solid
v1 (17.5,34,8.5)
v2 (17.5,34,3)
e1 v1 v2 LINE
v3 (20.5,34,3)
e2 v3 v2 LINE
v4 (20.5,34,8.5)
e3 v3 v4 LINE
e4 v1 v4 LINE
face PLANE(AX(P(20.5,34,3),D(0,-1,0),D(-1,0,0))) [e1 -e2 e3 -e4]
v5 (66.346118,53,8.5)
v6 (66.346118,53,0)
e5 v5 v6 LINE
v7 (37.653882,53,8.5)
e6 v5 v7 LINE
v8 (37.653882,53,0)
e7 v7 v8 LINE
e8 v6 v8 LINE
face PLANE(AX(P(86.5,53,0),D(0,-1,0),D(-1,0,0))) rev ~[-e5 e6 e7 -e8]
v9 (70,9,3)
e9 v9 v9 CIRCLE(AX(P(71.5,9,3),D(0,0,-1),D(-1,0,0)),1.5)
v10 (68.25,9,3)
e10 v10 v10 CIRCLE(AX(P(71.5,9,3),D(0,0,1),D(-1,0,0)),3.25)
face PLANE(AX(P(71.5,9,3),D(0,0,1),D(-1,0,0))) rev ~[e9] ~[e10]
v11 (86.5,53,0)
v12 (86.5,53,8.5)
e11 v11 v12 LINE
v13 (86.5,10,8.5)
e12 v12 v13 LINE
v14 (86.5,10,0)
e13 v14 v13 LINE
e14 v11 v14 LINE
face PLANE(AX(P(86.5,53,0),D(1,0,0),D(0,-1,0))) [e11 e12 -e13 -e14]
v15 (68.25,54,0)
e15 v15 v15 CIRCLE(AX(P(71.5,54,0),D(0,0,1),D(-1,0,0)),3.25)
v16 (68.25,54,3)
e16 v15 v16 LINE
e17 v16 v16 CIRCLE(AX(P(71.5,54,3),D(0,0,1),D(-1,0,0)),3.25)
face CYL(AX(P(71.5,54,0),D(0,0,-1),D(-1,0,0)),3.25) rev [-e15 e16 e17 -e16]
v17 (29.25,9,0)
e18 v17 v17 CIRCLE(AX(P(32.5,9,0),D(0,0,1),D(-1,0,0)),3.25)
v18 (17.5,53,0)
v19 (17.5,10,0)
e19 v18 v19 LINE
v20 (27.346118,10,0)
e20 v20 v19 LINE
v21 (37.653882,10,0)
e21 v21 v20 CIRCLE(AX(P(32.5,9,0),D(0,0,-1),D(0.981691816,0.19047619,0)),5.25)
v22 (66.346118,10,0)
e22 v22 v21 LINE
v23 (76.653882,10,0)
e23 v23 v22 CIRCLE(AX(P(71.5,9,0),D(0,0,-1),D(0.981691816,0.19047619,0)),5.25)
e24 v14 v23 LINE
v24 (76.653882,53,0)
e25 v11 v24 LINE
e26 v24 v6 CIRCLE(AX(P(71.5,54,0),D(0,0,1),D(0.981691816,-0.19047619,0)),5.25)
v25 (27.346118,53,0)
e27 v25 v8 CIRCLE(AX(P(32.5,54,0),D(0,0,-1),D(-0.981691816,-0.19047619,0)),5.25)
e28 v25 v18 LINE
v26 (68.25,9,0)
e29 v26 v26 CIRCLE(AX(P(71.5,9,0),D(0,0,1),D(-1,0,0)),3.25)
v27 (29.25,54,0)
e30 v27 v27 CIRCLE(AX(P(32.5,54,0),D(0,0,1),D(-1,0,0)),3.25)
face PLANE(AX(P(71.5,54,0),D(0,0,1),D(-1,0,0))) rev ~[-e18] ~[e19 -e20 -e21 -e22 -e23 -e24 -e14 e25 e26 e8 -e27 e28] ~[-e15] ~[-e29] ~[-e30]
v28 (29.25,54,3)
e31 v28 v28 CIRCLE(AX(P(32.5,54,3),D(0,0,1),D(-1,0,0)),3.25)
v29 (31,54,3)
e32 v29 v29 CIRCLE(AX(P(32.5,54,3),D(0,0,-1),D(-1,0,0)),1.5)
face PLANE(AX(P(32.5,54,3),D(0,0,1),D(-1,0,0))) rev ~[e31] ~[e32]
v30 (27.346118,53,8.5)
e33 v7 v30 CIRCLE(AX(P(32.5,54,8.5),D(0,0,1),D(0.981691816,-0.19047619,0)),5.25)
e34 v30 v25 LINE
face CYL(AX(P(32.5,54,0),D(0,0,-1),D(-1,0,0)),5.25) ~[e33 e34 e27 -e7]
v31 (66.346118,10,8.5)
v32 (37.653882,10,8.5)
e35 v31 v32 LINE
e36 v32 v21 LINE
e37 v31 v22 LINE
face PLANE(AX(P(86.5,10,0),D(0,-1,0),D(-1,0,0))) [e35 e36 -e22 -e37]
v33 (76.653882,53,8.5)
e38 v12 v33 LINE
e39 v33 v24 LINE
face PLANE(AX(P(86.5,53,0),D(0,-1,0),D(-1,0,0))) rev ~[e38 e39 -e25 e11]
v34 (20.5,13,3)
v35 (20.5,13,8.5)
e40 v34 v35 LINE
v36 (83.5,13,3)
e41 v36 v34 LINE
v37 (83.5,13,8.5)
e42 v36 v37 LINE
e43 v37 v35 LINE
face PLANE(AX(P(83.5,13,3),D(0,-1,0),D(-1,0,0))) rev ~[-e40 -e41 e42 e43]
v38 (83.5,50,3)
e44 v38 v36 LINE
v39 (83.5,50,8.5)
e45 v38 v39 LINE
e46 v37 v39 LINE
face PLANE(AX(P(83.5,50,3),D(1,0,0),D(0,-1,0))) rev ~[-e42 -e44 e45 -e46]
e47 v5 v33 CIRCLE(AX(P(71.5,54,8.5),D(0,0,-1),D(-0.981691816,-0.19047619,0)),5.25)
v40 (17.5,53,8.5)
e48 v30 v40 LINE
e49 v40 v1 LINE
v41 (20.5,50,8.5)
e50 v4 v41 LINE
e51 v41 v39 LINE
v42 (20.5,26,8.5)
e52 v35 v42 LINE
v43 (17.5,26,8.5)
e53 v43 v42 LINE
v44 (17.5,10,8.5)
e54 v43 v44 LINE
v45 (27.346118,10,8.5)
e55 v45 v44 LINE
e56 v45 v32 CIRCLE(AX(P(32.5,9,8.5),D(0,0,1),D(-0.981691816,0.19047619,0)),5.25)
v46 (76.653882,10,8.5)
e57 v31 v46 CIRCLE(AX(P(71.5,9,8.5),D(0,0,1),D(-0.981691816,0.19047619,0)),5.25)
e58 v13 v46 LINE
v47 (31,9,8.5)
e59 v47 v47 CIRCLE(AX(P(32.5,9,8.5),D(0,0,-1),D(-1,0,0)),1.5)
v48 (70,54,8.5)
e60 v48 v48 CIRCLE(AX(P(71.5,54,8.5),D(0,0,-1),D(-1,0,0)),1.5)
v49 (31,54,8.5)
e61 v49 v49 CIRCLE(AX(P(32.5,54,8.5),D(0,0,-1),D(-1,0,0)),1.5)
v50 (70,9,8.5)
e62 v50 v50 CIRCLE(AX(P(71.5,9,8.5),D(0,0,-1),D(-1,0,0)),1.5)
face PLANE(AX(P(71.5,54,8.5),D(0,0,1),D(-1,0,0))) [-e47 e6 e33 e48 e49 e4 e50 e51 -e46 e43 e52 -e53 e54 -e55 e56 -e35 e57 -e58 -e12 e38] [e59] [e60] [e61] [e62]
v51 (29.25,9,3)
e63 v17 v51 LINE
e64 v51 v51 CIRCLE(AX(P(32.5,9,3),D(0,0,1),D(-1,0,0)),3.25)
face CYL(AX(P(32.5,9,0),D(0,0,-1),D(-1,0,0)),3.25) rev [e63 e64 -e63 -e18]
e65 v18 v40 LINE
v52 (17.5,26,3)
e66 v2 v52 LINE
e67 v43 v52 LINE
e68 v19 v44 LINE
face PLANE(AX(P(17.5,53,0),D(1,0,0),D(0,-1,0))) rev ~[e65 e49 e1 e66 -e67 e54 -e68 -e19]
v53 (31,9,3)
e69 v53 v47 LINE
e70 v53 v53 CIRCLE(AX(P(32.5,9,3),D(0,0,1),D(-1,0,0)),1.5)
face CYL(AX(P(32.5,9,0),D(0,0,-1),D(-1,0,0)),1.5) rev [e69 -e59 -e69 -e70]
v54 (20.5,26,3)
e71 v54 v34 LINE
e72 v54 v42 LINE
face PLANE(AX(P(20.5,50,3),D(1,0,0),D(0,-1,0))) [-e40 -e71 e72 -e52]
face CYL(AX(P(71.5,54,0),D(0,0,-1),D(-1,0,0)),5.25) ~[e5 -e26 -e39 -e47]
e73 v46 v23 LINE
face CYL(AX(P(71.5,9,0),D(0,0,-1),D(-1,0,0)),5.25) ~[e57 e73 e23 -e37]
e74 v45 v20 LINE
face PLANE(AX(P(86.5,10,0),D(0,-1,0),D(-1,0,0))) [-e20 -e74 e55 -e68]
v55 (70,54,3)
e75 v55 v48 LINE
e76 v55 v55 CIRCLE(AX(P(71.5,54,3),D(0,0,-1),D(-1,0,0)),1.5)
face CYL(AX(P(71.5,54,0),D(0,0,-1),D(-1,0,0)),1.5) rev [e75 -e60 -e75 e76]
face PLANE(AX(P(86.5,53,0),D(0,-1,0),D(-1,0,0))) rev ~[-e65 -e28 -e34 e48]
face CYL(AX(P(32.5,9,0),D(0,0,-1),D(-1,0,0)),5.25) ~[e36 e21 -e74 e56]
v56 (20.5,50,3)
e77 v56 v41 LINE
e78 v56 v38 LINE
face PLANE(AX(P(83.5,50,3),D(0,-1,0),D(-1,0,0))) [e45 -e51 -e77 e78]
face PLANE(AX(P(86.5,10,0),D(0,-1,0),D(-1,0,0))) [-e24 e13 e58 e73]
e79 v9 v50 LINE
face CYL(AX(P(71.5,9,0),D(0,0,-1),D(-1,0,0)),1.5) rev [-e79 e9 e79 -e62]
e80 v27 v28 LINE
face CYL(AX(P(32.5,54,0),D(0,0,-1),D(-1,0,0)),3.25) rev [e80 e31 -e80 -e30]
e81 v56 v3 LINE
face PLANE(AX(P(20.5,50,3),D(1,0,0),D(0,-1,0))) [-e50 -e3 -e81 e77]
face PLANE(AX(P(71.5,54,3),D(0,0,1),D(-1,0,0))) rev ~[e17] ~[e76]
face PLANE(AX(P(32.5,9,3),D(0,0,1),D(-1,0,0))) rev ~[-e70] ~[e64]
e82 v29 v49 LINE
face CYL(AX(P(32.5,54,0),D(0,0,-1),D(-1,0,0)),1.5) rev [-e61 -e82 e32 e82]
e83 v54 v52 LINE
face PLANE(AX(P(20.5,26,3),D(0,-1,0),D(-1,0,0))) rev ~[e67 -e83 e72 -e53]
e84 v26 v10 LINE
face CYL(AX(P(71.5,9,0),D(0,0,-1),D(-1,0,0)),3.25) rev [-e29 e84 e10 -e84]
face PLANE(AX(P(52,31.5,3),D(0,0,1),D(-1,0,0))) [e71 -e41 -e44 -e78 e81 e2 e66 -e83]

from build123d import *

# Parameters (mm, degrees)
BOX011_W                  = 63
BOX011_H                  = 37
BOX011_DEPTH              = 5.5
BOX010_W                  = 10
BOX010_H                  = 8
BOX010_DEPTH              = 5.5
CYLINDER018_R             = 3.25
CYLINDER018_DEPTH         = 3
CYLINDER019_R             = 1.5
CYLINDER019_DEPTH         = 8.5
CYLINDER020_R             = 5.25
CYLINDER020_DEPTH         = 8.5
CYLINDER016_R             = 3.25
CYLINDER016_DEPTH         = 3
CYLINDER015_R             = 1.5
CYLINDER015_DEPTH         = 8.5
CYLINDER017_R             = 5.25
CYLINDER017_DEPTH         = 8.5
CYLINDER014_R             = 3.25
CYLINDER014_DEPTH         = 3
CYLINDER013_R             = 1.5
CYLINDER013_DEPTH         = 8.5
CYLINDER012_R             = 5.25
CYLINDER012_DEPTH         = 8.5
CYLINDER023_R             = 3.25
CYLINDER023_DEPTH         = 3
CYLINDER022_R             = 1.5
CYLINDER022_DEPTH         = 8.5
CYLINDER021_R             = 5.25
CYLINDER021_DEPTH         = 8.5
CYLINDER025_R             = 3.25
CYLINDER025_DEPTH         = 3
CYLINDER024_R             = 1.5
CYLINDER024_DEPTH         = 8.5
CYLINDER027_R             = 3.25
CYLINDER027_DEPTH         = 3
CYLINDER026_R             = 1.5
CYLINDER026_DEPTH         = 8.5
CYLINDER028_R             = 3.25
CYLINDER028_DEPTH         = 3
CYLINDER029_R             = 1.5
CYLINDER029_DEPTH         = 8.5
CYLINDER031_R             = 3.25
CYLINDER031_DEPTH         = 3
CYLINDER030_R             = 1.5
CYLINDER030_DEPTH         = 8.5
BOX007_W                  = 63
BOX007_H                  = 37
BOX007_DEPTH              = 6
BOX008_W                  = 10
BOX008_H                  = 8
BOX008_DEPTH              = 6
BOX009_W                  = 69
BOX009_H                  = 43
BOX009_DEPTH              = 8.5
FUSION017_PLACEMENT_ANGLE = 180


with BuildPart() as cube010:
    # Box011 → Box011 (new body)
    with BuildSketch(Plane.XY):
        with Locations((31.5, 18.5)):
            Rectangle(BOX011_W, BOX011_H)
    extrude(amount=BOX011_DEPTH)


with BuildPart() as battery_model002:
    # Box010 → Box010 (new body)
    with BuildSketch(Plane(origin=(63, 16, 0), x_dir=(1, 0, 0), z_dir=(0, 0, 1))):
        with Locations((5, 4)):
            Rectangle(BOX010_W, BOX010_H)
    extrude(amount=BOX010_DEPTH)

    # Fusion016: union Cube010
    add(cube010.part)


with BuildPart() as battery_model002_1:
    # Fusion016 placement: moved
    add(battery_model002.part.moved(Location((3, 3, 3))))


with BuildPart() as nut_recess002:
    # Cylinder018 → Cylinder018 (new body)
    with BuildSketch(Plane(origin=(15, -1, 0), x_dir=(1, 0, 0), z_dir=(0, 0, 1))):
        Circle(CYLINDER018_R)
    extrude(amount=CYLINDER018_DEPTH)


with BuildPart() as base_bolt_assembly002:
    # Cylinder019 → Cylinder019 (new body)
    with BuildSketch(Plane(origin=(15, -1, 0), x_dir=(1, 0, 0), z_dir=(0, 0, 1))):
        Circle(CYLINDER019_R)
    extrude(amount=CYLINDER019_DEPTH)

    # Fusion007: union Nut Recess002
    add(nut_recess002.part)


with BuildPart() as base_bolt_flange_ur:
    # Cylinder020 → Cylinder020 (new body)
    with BuildSketch(Plane(origin=(15, -1, 0), x_dir=(1, 0, 0), z_dir=(0, 0, 1))):
        Circle(CYLINDER020_R)
    extrude(amount=CYLINDER020_DEPTH)

    # Cut005: cut Base Bolt Assembly002
    add(base_bolt_assembly002.part, mode=Mode.SUBTRACT)


with BuildPart() as base_bolt_flange_ur_1:
    # Cut005 placement: moved
    add(base_bolt_flange_ur.part.moved(Location((39, 45, 0))))


with BuildPart() as nut_recess001:
    # Cylinder016 → Cylinder016 (new body)
    with BuildSketch(Plane(origin=(15, -1, 0), x_dir=(1, 0, 0), z_dir=(0, 0, 1))):
        Circle(CYLINDER016_R)
    extrude(amount=CYLINDER016_DEPTH)


with BuildPart() as base_bolt_assembly001:
    # Cylinder015 → Cylinder015 (new body)
    with BuildSketch(Plane(origin=(15, -1, 0), x_dir=(1, 0, 0), z_dir=(0, 0, 1))):
        Circle(CYLINDER015_R)
    extrude(amount=CYLINDER015_DEPTH)

    # Fusion006: union Nut Recess001
    add(nut_recess001.part)


with BuildPart() as base_bolt_flange_lr:
    # Cylinder017 → Cylinder017 (new body)
    with BuildSketch(Plane(origin=(15, -1, 0), x_dir=(1, 0, 0), z_dir=(0, 0, 1))):
        Circle(CYLINDER017_R)
    extrude(amount=CYLINDER017_DEPTH)

    # Cut004: cut Base Bolt Assembly001
    add(base_bolt_assembly001.part, mode=Mode.SUBTRACT)


with BuildPart() as base_bolt_flange_lr_1:
    # Cut004 placement: moved
    add(base_bolt_flange_lr.part.moved(Location((39, 0, 0))))


with BuildPart() as nut_recess:
    # Cylinder014 → Cylinder014 (new body)
    with BuildSketch(Plane(origin=(15, -1, 0), x_dir=(1, 0, 0), z_dir=(0, 0, 1))):
        Circle(CYLINDER014_R)
    extrude(amount=CYLINDER014_DEPTH)


with BuildPart() as base_bolt_assembly:
    # Cylinder013 → Cylinder013 (new body)
    with BuildSketch(Plane(origin=(15, -1, 0), x_dir=(1, 0, 0), z_dir=(0, 0, 1))):
        Circle(CYLINDER013_R)
    extrude(amount=CYLINDER013_DEPTH)

    # Fusion005: union Nut Recess
    add(nut_recess.part)


with BuildPart() as base_bolt_flange_ll:
    # Cylinder012 → Cylinder012 (new body)
    with BuildSketch(Plane(origin=(15, -1, 0), x_dir=(1, 0, 0), z_dir=(0, 0, 1))):
        Circle(CYLINDER012_R)
    extrude(amount=CYLINDER012_DEPTH)

    # Cut009: cut Base Bolt Assembly
    add(base_bolt_assembly.part, mode=Mode.SUBTRACT)


with BuildPart() as nut_recess003:
    # Cylinder023 → Cylinder023 (new body)
    with BuildSketch(Plane(origin=(15, -1, 0), x_dir=(1, 0, 0), z_dir=(0, 0, 1))):
        Circle(CYLINDER023_R)
    extrude(amount=CYLINDER023_DEPTH)


with BuildPart() as base_bolt_assembly003:
    # Cylinder022 → Cylinder022 (new body)
    with BuildSketch(Plane(origin=(15, -1, 0), x_dir=(1, 0, 0), z_dir=(0, 0, 1))):
        Circle(CYLINDER022_R)
    extrude(amount=CYLINDER022_DEPTH)

    # Fusion008: union Nut Recess003
    add(nut_recess003.part)


with BuildPart() as base_bolt_assemblies_no_bat:
    # Cylinder021 → Cylinder021 (new body)
    with BuildSketch(Plane(origin=(15, -1, 0), x_dir=(1, 0, 0), z_dir=(0, 0, 1))):
        Circle(CYLINDER021_R)
    extrude(amount=CYLINDER021_DEPTH)

    # Cut006: cut Base Bolt Assembly003
    add(base_bolt_assembly003.part, mode=Mode.SUBTRACT)


with BuildPart() as base_bolt_assemblies_no_bat_1:
    # Cut006 placement: moved
    add(base_bolt_assemblies_no_bat.part.moved(Location((0, 45, 0))))

    # Fusion015: union Base Bolt Flange - UR, Base Bolt Flange - LR, Base Bolt Flange - LL
    add(base_bolt_flange_ur_1.part)
    add(base_bolt_flange_lr_1.part)
    add(base_bolt_flange_ll.part)

    # Cut008: cut Battery Model002
    add(battery_model002_1.part, mode=Mode.SUBTRACT)


with BuildPart() as nut_recess004:
    # Cylinder025 → Cylinder025 (new body)
    with BuildSketch(Plane(origin=(15, -1, 0), x_dir=(1, 0, 0), z_dir=(0, 0, 1))):
        Circle(CYLINDER025_R)
    extrude(amount=CYLINDER025_DEPTH)


with BuildPart() as base_bolt_assembly_ll:
    # Cylinder024 → Cylinder024 (new body)
    with BuildSketch(Plane(origin=(15, -1, 0), x_dir=(1, 0, 0), z_dir=(0, 0, 1))):
        Circle(CYLINDER024_R)
    extrude(amount=CYLINDER024_DEPTH)

    # Fusion009: union Nut Recess004
    add(nut_recess004.part)


with BuildPart() as nut_recess005:
    # Cylinder027 → Cylinder027 (new body)
    with BuildSketch(Plane(origin=(15, -1, 0), x_dir=(1, 0, 0), z_dir=(0, 0, 1))):
        Circle(CYLINDER027_R)
    extrude(amount=CYLINDER027_DEPTH)


with BuildPart() as base_bolt_assembly_lr:
    # Cylinder026 → Cylinder026 (new body)
    with BuildSketch(Plane(origin=(15, -1, 0), x_dir=(1, 0, 0), z_dir=(0, 0, 1))):
        Circle(CYLINDER026_R)
    extrude(amount=CYLINDER026_DEPTH)

    # Fusion011: union Nut Recess005
    add(nut_recess005.part)


with BuildPart() as base_bolt_assembly_lr_1:
    # Fusion011 placement: moved
    add(base_bolt_assembly_lr.part.moved(Location((39, 0, 0))))


with BuildPart() as nut_recess006:
    # Cylinder028 → Cylinder028 (new body)
    with BuildSketch(Plane(origin=(15, -1, 0), x_dir=(1, 0, 0), z_dir=(0, 0, 1))):
        Circle(CYLINDER028_R)
    extrude(amount=CYLINDER028_DEPTH)


with BuildPart() as base_bolt_assembly_ur:
    # Cylinder029 → Cylinder029 (new body)
    with BuildSketch(Plane(origin=(15, -1, 0), x_dir=(1, 0, 0), z_dir=(0, 0, 1))):
        Circle(CYLINDER029_R)
    extrude(amount=CYLINDER029_DEPTH)

    # Fusion012: union Nut Recess006
    add(nut_recess006.part)


with BuildPart() as base_bolt_assembly_ur_1:
    # Fusion012 placement: moved
    add(base_bolt_assembly_ur.part.moved(Location((39, 45, 0))))


with BuildPart() as nut_recess007:
    # Cylinder031 → Cylinder031 (new body)
    with BuildSketch(Plane(origin=(15, -1, 0), x_dir=(1, 0, 0), z_dir=(0, 0, 1))):
        Circle(CYLINDER031_R)
    extrude(amount=CYLINDER031_DEPTH)


with BuildPart() as base_bolt_remove_assembly:
    # Cylinder030 → Cylinder030 (new body)
    with BuildSketch(Plane(origin=(15, -1, 0), x_dir=(1, 0, 0), z_dir=(0, 0, 1))):
        Circle(CYLINDER030_R)
    extrude(amount=CYLINDER030_DEPTH)

    # Fusion013: union Nut Recess007
    add(nut_recess007.part)


with BuildPart() as base_bolt_remove_assembly_1:
    # Fusion013 placement: moved
    add(base_bolt_remove_assembly.part.moved(Location((0, 45, 0))))

    # Fusion014: union Base Bolt Assembly - LL, Base Bolt Assembly - LR, Base Bolt Assembly - UR
    add(base_bolt_assembly_ll.part)
    add(base_bolt_assembly_lr_1.part)
    add(base_bolt_assembly_ur_1.part)


with BuildPart() as cube006:
    # Box007 → Box007 (new body)
    with BuildSketch(Plane.XY):
        with Locations((31.5, 18.5)):
            Rectangle(BOX007_W, BOX007_H)
    extrude(amount=BOX007_DEPTH)


with BuildPart() as battery_model:
    # Box008 → Box008 (new body)
    with BuildSketch(Plane(origin=(63, 16, 0), x_dir=(1, 0, 0), z_dir=(0, 0, 1))):
        with Locations((5, 4)):
            Rectangle(BOX008_W, BOX008_H)
    extrude(amount=BOX008_DEPTH)

    # Fusion010: union Cube006
    add(cube006.part)


with BuildPart() as battery_model_1:
    # Fusion010 placement: moved
    add(battery_model.part.moved(Location((3, 3, 3))))


with BuildPart() as battery_backside:
    # Box009 → Box009 (new body)
    with BuildSketch(Plane.XY):
        with Locations((34.5, 21.5)):
            Rectangle(BOX009_W, BOX009_H)
    extrude(amount=BOX009_DEPTH)

    # Cut010: cut Battery Model
    add(battery_model_1.part, mode=Mode.SUBTRACT)

    # Cut007: cut Base Bolt Remove Assembly
    add(base_bolt_remove_assembly_1.part, mode=Mode.SUBTRACT)

    # Fusion017: union Base Bolt Assemblies - no Bat
    add(base_bolt_assemblies_no_bat_1.part)


with BuildPart() as battery_backside_1:
    # Fusion017 placement: moved
    add(battery_backside.part.moved(Location((86.5, 53, 0))).rotate(Axis((86.5, 53, 0), (0, 0, 1)), FUSION017_PLACEMENT_ANGLE))


solid = battery_backside_1.part
